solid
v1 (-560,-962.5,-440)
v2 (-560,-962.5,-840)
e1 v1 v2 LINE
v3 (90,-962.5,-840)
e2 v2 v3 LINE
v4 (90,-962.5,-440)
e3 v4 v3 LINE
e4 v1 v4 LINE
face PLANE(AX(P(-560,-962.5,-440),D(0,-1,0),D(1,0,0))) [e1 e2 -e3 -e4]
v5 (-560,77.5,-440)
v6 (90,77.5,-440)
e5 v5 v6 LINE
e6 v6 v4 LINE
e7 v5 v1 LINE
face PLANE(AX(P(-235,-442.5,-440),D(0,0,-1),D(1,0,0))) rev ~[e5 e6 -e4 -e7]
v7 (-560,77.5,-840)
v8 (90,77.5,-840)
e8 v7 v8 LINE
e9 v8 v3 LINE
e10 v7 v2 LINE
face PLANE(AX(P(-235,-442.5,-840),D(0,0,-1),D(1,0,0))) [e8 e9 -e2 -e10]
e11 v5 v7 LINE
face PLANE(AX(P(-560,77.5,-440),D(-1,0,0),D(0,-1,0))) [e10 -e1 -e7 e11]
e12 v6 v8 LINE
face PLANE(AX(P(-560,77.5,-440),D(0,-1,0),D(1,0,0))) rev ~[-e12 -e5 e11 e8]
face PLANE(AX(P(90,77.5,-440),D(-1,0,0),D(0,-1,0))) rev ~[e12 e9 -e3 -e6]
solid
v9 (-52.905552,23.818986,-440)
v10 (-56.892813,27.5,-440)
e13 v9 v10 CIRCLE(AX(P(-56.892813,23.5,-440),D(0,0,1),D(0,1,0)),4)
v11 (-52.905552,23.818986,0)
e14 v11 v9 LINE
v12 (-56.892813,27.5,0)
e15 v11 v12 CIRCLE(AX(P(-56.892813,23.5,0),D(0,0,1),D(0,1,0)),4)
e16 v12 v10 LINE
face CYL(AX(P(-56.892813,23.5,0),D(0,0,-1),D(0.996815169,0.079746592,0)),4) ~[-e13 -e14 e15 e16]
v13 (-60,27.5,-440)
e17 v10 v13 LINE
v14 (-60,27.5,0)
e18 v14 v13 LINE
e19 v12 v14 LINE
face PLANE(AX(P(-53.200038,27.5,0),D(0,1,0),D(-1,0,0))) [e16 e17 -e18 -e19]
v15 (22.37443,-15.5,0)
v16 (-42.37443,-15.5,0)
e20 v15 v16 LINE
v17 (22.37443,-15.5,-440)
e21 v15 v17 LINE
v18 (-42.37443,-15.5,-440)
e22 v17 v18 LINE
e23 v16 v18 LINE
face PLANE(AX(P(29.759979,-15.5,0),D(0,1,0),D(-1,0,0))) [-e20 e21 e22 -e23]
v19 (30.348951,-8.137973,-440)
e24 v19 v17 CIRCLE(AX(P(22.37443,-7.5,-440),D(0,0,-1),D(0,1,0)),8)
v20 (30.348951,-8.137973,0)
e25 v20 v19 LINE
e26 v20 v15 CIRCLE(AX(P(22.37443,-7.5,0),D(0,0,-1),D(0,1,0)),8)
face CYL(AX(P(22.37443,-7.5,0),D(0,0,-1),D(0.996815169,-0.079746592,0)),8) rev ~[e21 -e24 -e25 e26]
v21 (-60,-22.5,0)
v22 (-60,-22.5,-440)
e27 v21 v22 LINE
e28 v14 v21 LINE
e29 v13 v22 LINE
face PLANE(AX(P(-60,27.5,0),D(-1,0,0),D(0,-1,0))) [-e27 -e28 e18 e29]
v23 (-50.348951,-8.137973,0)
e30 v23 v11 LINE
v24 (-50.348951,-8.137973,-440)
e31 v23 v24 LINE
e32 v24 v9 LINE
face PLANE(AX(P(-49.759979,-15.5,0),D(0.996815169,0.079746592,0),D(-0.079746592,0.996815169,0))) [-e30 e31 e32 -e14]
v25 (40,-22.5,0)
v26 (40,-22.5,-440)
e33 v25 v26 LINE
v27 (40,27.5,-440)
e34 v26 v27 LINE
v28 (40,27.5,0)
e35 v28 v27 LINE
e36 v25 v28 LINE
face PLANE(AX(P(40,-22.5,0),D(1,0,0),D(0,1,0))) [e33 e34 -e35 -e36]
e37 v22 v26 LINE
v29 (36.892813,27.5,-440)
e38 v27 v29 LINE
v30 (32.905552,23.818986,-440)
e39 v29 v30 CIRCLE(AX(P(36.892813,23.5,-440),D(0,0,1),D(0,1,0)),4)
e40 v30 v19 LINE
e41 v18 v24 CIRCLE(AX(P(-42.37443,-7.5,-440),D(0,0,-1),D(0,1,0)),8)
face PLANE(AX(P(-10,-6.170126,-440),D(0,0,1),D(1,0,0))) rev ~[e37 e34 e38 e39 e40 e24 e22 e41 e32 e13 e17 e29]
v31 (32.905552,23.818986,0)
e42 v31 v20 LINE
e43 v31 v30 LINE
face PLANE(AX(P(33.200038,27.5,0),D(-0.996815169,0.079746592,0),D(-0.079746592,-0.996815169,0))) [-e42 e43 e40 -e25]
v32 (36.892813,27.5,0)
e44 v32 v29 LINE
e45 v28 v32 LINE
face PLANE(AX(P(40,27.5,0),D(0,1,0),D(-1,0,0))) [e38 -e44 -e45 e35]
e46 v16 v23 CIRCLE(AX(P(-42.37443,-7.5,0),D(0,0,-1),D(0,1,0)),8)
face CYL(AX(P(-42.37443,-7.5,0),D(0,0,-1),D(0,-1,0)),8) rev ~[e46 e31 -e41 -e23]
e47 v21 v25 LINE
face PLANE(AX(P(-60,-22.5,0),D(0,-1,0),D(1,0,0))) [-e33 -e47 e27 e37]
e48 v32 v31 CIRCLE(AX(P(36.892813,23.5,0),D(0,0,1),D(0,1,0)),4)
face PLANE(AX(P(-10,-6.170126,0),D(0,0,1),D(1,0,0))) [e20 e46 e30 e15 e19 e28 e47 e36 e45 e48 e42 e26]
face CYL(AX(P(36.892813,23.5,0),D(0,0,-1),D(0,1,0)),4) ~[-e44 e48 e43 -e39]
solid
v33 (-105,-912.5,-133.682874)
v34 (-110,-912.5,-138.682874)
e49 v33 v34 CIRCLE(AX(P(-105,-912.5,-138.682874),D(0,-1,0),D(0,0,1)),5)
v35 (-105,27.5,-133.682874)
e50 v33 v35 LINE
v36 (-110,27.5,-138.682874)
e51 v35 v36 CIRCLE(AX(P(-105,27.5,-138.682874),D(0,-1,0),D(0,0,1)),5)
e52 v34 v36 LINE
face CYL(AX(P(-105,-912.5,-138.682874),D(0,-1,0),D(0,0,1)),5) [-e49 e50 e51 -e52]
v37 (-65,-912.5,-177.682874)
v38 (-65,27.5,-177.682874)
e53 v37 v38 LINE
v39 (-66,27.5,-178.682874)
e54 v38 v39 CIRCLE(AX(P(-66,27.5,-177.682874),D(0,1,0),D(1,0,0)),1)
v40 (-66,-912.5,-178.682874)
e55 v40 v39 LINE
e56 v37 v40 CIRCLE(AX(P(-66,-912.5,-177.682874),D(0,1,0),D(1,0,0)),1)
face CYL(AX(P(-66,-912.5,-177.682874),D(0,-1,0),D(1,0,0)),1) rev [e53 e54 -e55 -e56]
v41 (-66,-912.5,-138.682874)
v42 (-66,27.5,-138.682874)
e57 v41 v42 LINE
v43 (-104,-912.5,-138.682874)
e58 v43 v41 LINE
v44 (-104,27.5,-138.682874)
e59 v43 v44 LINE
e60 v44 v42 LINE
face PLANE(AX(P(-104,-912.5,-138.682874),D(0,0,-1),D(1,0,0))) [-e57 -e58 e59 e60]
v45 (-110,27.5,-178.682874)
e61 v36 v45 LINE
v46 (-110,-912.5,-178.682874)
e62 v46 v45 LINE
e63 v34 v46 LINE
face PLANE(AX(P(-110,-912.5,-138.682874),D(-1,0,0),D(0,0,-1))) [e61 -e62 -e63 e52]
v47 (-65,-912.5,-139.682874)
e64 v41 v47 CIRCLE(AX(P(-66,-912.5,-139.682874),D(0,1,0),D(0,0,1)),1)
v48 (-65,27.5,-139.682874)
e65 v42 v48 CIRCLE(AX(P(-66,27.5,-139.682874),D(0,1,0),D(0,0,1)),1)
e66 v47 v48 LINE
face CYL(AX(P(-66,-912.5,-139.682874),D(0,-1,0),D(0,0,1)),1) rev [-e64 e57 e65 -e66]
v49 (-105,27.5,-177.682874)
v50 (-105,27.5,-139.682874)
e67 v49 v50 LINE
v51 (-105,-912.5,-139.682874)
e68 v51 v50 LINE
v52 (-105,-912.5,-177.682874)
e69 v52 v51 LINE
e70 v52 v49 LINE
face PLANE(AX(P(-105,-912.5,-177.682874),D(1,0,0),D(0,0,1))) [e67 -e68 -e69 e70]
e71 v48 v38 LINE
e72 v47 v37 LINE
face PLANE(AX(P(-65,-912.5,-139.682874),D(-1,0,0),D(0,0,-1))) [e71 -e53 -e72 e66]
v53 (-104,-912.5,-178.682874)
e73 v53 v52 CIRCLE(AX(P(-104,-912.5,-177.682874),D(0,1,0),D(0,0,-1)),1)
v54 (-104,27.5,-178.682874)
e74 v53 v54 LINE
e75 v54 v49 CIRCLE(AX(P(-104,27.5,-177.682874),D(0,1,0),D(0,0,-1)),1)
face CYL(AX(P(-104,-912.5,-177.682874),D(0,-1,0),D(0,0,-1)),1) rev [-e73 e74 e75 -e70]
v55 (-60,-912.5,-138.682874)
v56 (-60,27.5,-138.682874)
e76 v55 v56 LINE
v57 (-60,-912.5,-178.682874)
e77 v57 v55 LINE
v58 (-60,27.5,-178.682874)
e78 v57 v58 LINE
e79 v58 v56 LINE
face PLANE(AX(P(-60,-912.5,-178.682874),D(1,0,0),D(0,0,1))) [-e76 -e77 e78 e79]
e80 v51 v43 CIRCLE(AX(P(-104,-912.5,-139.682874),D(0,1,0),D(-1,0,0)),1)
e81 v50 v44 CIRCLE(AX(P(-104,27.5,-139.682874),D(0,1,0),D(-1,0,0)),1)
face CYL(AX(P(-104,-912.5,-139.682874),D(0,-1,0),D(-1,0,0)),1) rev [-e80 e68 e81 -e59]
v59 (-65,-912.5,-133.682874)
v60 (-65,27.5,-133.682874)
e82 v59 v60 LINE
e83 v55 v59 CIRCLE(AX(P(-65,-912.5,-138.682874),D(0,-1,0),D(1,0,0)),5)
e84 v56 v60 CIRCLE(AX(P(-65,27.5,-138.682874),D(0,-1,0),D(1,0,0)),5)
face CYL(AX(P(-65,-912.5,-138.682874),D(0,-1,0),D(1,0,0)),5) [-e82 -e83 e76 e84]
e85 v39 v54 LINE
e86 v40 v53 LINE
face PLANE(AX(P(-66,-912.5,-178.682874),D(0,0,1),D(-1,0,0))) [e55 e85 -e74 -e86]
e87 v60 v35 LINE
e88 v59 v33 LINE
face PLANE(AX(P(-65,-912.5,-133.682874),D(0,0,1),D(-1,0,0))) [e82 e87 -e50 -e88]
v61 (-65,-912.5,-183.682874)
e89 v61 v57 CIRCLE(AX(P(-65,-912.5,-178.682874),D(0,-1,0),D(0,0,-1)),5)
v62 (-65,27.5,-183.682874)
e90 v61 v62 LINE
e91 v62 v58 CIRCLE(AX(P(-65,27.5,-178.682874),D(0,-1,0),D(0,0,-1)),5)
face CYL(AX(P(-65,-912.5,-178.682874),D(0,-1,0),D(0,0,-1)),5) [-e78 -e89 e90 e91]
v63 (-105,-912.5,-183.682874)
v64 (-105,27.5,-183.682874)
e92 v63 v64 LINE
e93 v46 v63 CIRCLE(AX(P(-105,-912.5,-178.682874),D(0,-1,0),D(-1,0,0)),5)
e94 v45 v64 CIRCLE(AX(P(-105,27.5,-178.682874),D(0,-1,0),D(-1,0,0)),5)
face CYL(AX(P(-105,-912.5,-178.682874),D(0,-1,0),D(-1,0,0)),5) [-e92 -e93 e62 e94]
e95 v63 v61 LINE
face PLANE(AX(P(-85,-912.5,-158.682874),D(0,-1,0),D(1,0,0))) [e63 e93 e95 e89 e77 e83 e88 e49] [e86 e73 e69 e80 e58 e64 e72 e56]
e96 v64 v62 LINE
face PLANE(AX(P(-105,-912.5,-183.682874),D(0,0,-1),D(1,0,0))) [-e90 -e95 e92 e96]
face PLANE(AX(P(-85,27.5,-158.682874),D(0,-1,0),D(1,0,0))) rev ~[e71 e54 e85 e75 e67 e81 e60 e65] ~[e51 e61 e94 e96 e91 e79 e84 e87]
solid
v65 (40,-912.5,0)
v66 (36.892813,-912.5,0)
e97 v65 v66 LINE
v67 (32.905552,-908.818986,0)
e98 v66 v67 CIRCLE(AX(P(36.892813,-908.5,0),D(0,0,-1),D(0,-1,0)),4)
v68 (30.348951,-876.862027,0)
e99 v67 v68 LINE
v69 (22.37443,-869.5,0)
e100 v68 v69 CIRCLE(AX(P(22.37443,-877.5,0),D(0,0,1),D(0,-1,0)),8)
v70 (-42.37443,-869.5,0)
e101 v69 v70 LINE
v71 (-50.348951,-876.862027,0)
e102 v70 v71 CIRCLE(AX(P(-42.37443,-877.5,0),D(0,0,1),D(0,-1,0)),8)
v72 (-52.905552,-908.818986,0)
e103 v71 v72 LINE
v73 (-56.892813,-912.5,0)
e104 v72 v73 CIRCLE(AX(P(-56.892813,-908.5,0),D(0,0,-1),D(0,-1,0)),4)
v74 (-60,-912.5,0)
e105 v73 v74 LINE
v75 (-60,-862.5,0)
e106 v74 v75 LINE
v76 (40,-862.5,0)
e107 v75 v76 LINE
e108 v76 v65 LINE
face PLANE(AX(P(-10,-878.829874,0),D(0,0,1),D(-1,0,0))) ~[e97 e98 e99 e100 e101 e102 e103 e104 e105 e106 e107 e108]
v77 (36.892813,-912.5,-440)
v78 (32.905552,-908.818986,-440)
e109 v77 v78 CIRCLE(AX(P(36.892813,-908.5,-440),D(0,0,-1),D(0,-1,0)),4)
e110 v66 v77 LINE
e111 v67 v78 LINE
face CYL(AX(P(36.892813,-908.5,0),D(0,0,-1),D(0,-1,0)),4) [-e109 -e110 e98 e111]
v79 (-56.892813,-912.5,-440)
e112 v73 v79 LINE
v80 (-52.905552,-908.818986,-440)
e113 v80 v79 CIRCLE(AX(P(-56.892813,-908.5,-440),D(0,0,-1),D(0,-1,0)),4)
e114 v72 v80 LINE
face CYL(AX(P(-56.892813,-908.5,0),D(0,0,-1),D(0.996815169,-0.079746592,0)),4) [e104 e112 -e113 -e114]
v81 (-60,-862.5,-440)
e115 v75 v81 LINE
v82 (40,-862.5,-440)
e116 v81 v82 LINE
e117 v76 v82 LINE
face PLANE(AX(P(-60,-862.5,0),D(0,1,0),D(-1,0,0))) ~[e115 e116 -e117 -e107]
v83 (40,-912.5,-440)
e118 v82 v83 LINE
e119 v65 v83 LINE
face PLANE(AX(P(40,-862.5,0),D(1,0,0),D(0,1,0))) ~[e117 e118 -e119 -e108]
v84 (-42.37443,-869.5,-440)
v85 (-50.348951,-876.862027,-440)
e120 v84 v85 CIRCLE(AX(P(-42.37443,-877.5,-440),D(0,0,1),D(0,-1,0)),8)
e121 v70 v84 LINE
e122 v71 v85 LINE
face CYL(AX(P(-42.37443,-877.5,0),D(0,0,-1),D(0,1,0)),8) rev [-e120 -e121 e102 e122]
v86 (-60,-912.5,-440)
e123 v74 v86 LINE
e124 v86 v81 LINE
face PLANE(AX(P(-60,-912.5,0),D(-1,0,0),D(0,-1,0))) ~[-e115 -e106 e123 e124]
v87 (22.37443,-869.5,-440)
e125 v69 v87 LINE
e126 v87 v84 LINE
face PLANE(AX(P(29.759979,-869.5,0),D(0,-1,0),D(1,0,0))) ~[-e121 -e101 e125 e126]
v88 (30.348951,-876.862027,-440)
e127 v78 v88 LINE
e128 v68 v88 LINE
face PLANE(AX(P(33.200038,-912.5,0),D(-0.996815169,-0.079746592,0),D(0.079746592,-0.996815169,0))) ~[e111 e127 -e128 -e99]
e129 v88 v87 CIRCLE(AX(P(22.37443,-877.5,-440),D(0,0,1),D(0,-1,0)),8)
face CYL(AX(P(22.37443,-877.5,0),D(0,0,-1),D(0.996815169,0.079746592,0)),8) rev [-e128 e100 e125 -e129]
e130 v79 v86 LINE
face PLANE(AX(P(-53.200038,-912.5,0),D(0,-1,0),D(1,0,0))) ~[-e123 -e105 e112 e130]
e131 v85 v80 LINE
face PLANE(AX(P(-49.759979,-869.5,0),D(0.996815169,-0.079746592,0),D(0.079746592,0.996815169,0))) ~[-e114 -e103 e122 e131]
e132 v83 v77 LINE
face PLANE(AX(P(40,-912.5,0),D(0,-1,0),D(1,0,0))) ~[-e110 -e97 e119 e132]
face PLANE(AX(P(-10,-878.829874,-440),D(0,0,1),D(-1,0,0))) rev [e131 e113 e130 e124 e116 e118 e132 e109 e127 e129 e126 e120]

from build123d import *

# Parameters (mm, degrees)
F1_DEPTH  = 440
F2_R      = 4
F3_R      = 8
F6_W      = 650
F6_H      = 1040
F7_DEPTH  = 400
F10_DEPTH = 940


with BuildPart() as f1:
    # F0 (on Top) → F1 (new body)
    with BuildSketch(Plane.XY):
        Polygon((-60, 27.5), (-60, -22.5), (40, -22.5), (40, 27.5), (33.2000380344, 27.5), (29.7599785624, -15.5), (-49.7599785624, -15.5), (-53.2000380344, 27.5), align=None)
    extrude(amount=-F1_DEPTH)

    # F2
    f2_edges = [f1.edges().sort_by_distance(p)[0] for p in [
        (-53.200038, 27.5, -220),
        (33.200038, 27.5, -220),
    ]]
    fillet(f2_edges, radius=F2_R)

    # F3
    f3_edges = [f1.edges().sort_by_distance(p)[0] for p in [
        (-49.759979, -15.5, -220),
        (29.759979, -15.5, -220),
    ]]
    fillet(f3_edges, radius=F3_R)


with BuildPart() as f5_1:
    # F5: instance of F1
    add(f1.part.mirror(Plane(origin=(-10, -442.5, -220), x_dir=(1, 0, 0), z_dir=(0, -1, 0))))


with BuildPart() as f7:
    # F6 (on face) → F7 (new body)
    with BuildSketch(Plane(origin=(0, 0, -440), x_dir=(1, 0, 0), z_dir=(0, 0, -1))):
        with Locations((-235, 442.5)):
            Rectangle(F6_W, F6_H)
    extrude(amount=F7_DEPTH)


with BuildPart() as f10:
    # F9 (on offset) → F10 (new body)
    with BuildSketch(Plane.XZ.offset(912.5)):
        with BuildLine():
            ThreePointArc((-60, -138.6828742802), (-61.4644660941, -135.1473403743), (-65, -133.6828742802))
            Line((-65, -133.6828742802), (-105, -133.6828742802))
            ThreePointArc((-105, -133.6828742802), (-108.5355339059, -135.1473403743), (-110, -138.6828742802))
            Line((-110, -138.6828742802), (-110, -178.6828742802))
            ThreePointArc((-110, -178.6828742802), (-108.5355339059, -182.2184081862), (-105, -183.6828742802))
            Line((-105, -183.6828742802), (-65, -183.6828742802))
            ThreePointArc((-65, -183.6828742802), (-61.4644660941, -182.2184081862), (-60, -178.6828742802))
            Line((-60, -178.6828742802), (-60, -138.6828742802))
        make_face()
        with BuildLine():
            ThreePointArc((-105, -139.6828742802), (-104.7071067812, -138.975767499), (-104, -138.6828742802))
            Line((-104, -138.6828742802), (-66, -138.6828742802))
            ThreePointArc((-66, -138.6828742802), (-65.2928932188, -138.975767499), (-65, -139.6828742802))
            Line((-65, -139.6828742802), (-65, -177.6828742802))
            ThreePointArc((-65, -177.6828742802), (-65.2928932188, -178.3899810614), (-66, -178.6828742802))
            Line((-66, -178.6828742802), (-104, -178.6828742802))
            ThreePointArc((-104, -178.6828742802), (-104.7071067812, -178.3899810614), (-105, -177.6828742802))
            Line((-105, -177.6828742802), (-105, -139.6828742802))
        make_face(mode=Mode.SUBTRACT)
    extrude(amount=-F10_DEPTH)


solid = Compound([f1.part, f5_1.part, f7.part, f10.part])
